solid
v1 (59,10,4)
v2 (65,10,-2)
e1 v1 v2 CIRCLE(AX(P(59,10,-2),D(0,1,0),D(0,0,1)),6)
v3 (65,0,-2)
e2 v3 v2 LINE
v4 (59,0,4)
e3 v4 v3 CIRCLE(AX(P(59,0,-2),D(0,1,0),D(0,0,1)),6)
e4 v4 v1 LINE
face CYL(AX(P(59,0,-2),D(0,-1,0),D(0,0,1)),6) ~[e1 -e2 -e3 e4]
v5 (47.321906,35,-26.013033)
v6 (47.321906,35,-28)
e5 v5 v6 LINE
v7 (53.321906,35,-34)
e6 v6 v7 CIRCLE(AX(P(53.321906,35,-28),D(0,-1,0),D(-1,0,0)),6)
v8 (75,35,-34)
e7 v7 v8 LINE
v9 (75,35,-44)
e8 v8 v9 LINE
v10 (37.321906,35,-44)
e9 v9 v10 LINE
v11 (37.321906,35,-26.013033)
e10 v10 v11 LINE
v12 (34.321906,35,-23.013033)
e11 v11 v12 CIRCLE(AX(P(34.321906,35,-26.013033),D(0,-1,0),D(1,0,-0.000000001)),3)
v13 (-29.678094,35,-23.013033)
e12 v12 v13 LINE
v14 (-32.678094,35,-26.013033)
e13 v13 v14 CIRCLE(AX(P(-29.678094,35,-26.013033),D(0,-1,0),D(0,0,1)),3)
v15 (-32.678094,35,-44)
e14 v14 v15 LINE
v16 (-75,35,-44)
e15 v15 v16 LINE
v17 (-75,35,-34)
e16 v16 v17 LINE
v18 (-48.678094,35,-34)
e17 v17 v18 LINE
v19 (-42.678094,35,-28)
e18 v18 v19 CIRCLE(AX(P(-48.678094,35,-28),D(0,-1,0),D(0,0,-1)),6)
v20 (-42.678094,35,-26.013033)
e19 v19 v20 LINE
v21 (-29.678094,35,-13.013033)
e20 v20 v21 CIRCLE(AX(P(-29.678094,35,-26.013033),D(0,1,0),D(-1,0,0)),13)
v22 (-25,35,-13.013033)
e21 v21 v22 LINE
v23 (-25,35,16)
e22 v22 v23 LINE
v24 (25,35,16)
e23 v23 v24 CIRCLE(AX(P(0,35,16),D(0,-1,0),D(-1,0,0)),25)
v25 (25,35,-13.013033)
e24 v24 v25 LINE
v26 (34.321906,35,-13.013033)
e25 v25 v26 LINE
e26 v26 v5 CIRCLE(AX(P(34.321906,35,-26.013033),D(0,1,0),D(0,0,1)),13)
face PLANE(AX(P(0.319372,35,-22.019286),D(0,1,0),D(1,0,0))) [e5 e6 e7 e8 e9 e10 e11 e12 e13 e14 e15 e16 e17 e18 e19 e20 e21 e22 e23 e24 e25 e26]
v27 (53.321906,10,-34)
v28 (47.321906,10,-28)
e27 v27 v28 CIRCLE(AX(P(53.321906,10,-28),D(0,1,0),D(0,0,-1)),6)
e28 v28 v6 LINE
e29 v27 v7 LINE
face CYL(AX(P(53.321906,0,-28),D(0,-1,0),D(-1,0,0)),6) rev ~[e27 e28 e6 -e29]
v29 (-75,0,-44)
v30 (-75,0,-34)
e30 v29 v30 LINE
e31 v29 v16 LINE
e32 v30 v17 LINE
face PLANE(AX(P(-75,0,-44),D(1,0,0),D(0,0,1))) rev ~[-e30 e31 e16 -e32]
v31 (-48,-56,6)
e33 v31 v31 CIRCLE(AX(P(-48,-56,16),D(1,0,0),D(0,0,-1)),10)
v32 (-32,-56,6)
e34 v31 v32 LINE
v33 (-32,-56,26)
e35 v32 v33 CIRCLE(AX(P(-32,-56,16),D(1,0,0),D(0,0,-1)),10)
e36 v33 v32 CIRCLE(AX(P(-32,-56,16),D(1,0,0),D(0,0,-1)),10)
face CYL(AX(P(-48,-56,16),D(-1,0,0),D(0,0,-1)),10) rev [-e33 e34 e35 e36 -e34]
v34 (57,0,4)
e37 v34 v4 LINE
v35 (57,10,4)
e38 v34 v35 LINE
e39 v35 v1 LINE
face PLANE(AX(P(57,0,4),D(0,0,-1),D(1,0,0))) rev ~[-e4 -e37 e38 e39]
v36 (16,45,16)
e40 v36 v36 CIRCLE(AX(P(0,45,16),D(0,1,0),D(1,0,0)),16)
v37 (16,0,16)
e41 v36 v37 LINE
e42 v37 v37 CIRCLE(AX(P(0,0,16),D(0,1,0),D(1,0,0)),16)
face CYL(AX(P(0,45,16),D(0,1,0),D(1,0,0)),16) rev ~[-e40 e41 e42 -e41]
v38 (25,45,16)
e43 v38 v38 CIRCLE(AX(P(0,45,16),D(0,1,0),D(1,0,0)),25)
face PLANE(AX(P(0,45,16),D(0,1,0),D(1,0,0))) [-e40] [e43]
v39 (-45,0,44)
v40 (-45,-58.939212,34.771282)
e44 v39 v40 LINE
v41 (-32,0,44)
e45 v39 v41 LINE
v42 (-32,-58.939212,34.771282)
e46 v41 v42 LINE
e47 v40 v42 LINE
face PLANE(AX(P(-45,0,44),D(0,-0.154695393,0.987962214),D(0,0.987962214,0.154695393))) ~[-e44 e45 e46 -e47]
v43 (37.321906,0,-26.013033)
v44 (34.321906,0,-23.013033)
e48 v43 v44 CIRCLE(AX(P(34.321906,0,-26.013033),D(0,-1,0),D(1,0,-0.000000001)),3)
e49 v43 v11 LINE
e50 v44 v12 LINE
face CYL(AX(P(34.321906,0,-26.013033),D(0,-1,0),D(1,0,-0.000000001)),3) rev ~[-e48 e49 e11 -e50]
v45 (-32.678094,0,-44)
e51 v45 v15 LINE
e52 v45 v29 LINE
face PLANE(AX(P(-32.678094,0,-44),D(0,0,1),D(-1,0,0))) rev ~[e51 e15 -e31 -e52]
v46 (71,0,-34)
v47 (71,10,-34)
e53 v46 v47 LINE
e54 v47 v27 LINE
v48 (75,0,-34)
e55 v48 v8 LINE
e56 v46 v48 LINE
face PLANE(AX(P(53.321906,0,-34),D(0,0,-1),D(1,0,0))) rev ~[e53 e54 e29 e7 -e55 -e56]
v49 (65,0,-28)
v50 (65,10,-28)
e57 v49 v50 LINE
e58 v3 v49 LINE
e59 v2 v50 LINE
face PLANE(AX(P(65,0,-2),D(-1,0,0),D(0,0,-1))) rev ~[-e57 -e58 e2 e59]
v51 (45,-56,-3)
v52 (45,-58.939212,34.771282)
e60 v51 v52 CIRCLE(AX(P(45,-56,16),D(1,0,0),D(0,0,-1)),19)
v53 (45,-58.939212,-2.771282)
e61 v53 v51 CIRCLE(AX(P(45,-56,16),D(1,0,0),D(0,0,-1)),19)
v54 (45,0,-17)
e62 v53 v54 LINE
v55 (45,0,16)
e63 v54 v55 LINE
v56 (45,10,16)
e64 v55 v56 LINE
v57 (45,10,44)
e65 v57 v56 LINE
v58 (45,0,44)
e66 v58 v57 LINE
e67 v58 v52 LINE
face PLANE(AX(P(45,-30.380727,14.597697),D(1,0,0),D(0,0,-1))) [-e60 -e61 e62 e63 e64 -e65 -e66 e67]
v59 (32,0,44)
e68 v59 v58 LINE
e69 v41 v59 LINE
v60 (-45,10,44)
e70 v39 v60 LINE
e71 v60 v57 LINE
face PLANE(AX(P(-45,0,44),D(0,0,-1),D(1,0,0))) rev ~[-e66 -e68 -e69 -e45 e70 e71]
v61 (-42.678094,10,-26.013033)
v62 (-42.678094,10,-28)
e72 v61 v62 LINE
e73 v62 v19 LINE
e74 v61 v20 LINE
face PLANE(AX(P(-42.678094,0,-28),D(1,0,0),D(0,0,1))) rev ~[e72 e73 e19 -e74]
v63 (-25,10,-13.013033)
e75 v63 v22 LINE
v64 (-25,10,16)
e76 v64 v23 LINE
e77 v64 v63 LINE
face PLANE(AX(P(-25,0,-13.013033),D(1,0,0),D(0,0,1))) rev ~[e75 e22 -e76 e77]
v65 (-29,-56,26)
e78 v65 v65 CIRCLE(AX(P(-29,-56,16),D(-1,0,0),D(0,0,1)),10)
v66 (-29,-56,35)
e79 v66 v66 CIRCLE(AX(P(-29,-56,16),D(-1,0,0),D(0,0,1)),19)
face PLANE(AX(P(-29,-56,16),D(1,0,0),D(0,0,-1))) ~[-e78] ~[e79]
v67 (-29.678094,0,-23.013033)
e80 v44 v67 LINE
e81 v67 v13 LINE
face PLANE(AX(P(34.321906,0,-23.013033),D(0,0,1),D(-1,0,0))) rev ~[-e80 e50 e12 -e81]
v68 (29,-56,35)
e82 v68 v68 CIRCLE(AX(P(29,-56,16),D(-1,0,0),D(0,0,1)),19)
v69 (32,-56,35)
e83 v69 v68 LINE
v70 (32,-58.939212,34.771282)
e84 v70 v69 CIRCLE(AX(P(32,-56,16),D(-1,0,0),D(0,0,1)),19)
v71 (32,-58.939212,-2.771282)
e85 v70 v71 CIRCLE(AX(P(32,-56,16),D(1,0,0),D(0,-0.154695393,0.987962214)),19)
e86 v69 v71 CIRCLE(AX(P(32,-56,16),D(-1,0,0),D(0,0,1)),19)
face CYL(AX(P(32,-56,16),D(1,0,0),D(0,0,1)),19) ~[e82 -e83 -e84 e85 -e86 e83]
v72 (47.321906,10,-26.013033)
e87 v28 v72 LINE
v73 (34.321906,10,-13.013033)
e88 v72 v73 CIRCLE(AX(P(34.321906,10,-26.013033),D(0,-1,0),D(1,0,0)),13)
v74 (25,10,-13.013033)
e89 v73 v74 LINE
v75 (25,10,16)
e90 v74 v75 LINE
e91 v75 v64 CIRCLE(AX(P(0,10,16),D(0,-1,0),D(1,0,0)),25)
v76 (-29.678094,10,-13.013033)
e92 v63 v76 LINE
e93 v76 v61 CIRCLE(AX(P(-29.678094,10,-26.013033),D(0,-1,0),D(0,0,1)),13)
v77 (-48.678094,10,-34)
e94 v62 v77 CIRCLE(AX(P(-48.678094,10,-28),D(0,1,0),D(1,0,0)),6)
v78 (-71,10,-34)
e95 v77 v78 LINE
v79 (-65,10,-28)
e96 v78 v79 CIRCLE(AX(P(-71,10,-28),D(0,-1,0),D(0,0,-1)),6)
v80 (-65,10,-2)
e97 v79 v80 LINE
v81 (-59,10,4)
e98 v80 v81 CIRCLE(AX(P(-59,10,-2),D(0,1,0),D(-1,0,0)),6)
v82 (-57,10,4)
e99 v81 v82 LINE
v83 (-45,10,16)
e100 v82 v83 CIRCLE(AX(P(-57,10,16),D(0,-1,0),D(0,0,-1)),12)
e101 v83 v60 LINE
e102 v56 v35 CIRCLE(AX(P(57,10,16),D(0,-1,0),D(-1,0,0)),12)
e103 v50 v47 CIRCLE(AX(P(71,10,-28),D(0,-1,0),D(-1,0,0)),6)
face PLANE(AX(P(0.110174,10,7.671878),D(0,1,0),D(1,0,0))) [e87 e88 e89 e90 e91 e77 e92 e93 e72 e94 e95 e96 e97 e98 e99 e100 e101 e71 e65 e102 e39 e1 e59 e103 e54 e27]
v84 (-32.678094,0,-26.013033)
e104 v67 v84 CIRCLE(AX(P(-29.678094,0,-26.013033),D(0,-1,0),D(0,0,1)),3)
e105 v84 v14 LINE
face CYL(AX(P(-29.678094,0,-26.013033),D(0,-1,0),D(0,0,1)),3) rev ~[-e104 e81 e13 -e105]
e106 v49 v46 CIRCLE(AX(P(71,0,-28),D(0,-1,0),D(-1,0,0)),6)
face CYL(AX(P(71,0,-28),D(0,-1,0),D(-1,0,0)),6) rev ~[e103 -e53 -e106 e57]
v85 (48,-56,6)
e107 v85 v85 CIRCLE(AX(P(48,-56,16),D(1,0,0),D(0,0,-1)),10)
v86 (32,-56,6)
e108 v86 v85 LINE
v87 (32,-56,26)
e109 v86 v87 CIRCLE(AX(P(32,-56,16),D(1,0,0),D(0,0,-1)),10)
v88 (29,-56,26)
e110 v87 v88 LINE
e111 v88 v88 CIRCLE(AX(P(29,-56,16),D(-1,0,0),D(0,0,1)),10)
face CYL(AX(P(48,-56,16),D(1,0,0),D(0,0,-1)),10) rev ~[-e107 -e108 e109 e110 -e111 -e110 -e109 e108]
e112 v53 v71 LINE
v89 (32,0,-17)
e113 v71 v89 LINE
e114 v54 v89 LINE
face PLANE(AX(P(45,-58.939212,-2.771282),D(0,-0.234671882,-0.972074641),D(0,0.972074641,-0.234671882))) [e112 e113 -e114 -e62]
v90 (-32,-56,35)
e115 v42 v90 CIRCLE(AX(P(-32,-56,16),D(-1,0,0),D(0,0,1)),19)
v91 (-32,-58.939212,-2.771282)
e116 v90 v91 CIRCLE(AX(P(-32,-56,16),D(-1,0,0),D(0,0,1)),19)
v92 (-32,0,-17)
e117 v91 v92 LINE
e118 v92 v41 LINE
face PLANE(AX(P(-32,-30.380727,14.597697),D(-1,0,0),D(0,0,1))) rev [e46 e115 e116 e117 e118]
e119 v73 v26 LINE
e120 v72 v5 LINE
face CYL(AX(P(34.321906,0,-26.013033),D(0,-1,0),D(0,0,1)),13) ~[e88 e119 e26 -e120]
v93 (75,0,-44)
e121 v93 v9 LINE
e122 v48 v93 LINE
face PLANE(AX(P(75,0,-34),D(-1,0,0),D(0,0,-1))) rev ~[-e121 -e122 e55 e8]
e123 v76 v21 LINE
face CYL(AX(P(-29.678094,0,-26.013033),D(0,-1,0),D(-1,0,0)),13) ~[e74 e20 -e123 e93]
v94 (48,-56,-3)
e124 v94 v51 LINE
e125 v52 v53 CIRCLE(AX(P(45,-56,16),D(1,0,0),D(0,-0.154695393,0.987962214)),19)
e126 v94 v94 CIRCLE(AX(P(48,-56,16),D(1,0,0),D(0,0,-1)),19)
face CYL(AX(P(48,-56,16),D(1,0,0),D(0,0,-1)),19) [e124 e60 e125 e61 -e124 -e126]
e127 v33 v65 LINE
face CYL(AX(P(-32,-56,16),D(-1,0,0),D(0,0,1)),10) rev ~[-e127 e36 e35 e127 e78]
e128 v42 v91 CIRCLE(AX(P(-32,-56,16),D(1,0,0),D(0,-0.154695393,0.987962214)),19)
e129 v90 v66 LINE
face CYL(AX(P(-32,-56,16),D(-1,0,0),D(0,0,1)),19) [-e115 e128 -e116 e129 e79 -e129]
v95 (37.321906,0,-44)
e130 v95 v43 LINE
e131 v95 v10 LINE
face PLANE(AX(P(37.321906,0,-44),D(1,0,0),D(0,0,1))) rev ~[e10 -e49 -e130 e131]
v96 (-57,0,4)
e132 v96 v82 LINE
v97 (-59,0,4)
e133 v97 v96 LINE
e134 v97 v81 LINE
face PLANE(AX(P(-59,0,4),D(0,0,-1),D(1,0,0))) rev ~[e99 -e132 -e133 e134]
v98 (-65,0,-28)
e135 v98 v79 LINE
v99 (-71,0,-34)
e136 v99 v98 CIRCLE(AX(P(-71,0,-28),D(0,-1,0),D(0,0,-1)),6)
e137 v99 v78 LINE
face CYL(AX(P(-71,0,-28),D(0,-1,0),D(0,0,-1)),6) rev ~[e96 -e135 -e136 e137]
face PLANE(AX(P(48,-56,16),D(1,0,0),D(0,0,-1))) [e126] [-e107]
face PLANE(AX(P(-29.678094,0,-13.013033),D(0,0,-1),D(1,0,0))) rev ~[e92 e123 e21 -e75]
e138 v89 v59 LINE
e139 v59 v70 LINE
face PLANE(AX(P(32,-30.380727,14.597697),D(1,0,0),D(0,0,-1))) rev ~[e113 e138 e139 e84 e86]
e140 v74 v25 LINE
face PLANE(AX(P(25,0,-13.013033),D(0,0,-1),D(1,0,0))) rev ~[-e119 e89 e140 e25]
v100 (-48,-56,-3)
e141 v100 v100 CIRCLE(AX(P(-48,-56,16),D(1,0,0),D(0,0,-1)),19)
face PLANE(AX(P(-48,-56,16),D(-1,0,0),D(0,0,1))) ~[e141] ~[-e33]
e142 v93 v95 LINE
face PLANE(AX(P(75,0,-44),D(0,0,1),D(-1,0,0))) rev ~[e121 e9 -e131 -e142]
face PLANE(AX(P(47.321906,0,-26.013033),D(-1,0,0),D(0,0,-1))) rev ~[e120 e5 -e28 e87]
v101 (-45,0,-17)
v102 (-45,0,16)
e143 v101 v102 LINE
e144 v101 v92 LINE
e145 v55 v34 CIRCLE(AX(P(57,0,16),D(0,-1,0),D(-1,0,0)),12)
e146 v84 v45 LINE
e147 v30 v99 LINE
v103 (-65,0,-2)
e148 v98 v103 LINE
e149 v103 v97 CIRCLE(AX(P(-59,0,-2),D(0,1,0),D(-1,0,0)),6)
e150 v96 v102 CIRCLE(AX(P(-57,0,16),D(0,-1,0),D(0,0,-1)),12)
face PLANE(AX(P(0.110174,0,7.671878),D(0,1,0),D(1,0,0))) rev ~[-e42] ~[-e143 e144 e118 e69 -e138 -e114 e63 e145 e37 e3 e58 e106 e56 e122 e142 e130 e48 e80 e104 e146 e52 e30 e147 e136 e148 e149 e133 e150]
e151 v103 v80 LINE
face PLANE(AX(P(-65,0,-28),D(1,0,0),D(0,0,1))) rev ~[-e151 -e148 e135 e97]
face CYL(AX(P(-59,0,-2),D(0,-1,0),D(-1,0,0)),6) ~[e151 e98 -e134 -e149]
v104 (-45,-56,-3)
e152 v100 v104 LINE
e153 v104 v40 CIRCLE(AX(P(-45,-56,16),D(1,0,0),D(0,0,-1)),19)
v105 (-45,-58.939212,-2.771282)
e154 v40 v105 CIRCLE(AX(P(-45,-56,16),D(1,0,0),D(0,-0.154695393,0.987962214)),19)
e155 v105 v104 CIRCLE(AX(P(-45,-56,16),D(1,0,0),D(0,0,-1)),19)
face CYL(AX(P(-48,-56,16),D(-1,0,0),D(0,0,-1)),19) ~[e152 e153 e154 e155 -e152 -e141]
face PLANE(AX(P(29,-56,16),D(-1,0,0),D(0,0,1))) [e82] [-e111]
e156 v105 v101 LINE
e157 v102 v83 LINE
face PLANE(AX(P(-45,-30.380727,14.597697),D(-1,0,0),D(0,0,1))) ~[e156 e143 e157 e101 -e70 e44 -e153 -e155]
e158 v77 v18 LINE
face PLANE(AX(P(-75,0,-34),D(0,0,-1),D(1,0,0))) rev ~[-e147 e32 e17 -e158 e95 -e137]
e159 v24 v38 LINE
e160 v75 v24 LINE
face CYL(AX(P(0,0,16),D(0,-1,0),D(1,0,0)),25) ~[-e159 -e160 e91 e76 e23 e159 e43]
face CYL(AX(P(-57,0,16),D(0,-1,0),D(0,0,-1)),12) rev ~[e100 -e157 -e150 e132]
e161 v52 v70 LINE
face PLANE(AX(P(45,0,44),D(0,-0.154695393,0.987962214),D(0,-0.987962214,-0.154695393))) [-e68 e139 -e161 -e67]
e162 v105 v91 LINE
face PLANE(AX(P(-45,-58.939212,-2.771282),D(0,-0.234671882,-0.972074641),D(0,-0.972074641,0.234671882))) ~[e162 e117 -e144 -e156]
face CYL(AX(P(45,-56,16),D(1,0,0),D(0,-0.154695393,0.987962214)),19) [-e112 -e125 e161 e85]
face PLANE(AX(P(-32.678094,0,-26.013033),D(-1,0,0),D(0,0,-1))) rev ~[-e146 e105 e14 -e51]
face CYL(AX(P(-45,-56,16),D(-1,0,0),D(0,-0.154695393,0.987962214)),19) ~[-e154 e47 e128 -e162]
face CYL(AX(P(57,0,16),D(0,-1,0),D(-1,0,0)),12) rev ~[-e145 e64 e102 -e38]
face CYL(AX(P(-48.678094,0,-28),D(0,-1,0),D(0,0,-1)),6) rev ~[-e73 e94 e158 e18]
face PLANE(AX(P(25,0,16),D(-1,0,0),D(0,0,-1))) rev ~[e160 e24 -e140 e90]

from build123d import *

# Parameters (mm, degrees)
SKETCH1_R           = 25
BOSS_EXTRUDE1_DEPTH = 45
BOSS_EXTRUDE2_DEPTH = 35
BOSS_EXTRUDE3_DEPTH = 10
SKETCH2_R           = 16
CUT_EXTRUDE1_DEPTH  = 82
SKETCH3_R           = 10
BOSS_EXTRUDE6_DEPTH = 13
BOSS_EXTRUDE7_START = 3
SKETCH6_R           = 19
SKETCH6_R_2         = 10
BOSS_EXTRUDE7_DEPTH = 3
SKETCH7_R           = 19
SKETCH7_R_2         = 10
BOSS_EXTRUDE8_DEPTH = 3


with BuildPart() as part:
    # Sketch1 → Boss-Extrude1 (new body)
    with BuildSketch(Plane(origin=(0, 0, 0), x_dir=(1, 0, 0), z_dir=(0, 1, 0))):
        with Locations((0, -16)):
            Circle(SKETCH1_R)
    extrude(amount=BOSS_EXTRUDE1_DEPTH)

    # Sketch1<3> → Boss-Extrude2 (add)
    with BuildSketch(Plane(origin=(0, 0, 0), x_dir=(1, 0, 0), z_dir=(0, 1, 0))):
        with BuildLine():
            Line((-25, 13.01303268), (-25, -16))
            ThreePointArc((-25, -16), (0, 9), (25, -16))
            Line((25, -16), (25, 13.01303268))
            Line((25, 13.01303268), (34.321906288, 13.01303268))
            ThreePointArc((34.321906288, 13.01303268), (43.514294444, 16.820644525), (47.321906288, 26.01303268))
            Line((47.321906288, 26.01303268), (47.321906288, 28))
            ThreePointArc((47.321906288, 28), (49.079265601, 32.242640687), (53.321906288, 34))
            Line((53.321906288, 34), (75, 34))
            Line((75, 34), (75, 44))
            Line((75, 44), (37.321906288, 44))
            Line((37.321906288, 44), (37.321906288, 26.01303268))
            ThreePointArc((37.321906288, 26.01303268), (36.443226632, 23.891712336), (34.321906288, 23.01303268))
            Line((34.321906288, 23.01303268), (-29.678093712, 23.01303268))
            ThreePointArc((-29.678093712, 23.01303268), (-31.799414055, 23.891712336), (-32.678093712, 26.01303268))
            Line((-32.678093712, 26.01303268), (-32.678093712, 44))
            Line((-32.678093712, 44), (-75, 44))
            Line((-75, 44), (-75, 34))
            Line((-75, 34), (-48.678093712, 34))
            ThreePointArc((-48.678093712, 34), (-44.435453024, 32.242640687), (-42.678093712, 28))
            Line((-42.678093712, 28), (-42.678093712, 26.01303268))
            ThreePointArc((-42.678093712, 26.01303268), (-38.870481867, 16.820644525), (-29.678093712, 13.01303268))
            Line((-29.678093712, 13.01303268), (-25, 13.01303268))
        make_face()
    extrude(amount=BOSS_EXTRUDE2_DEPTH)

    # Sketch1<4> → Boss-Extrude3 (add)
    with BuildSketch(Plane(origin=(0, 0, 0), x_dir=(1, 0, 0), z_dir=(0, 1, 0))):
        with BuildLine():
            Line((-45, -16), (-45, -44))
            Line((-45, -44), (45, -44))
            Line((45, -44), (45, -16))
            ThreePointArc((45, -16), (48.514718626, -7.514718626), (57, -4))
            Line((57, -4), (59, -4))
            ThreePointArc((59, -4), (63.242640687, -2.242640687), (65, 2))
            Line((65, 2), (65, 28))
            ThreePointArc((65, 28), (66.757359313, 32.242640687), (71, 34))
            Line((71, 34), (53.321906288, 34))
            ThreePointArc((53.321906288, 34), (49.079265601, 32.242640687), (47.321906288, 28))
            Line((47.321906288, 28), (47.321906288, 26.01303268))
            ThreePointArc((47.321906288, 26.01303268), (43.514294444, 16.820644525), (34.321906288, 13.01303268))
            Line((34.321906288, 13.01303268), (25, 13.01303268))
            Line((25, 13.01303268), (25, -16))
            ThreePointArc((25, -16), (0, -41), (-25, -16))
            Line((-25, -16), (-25, 13.01303268))
            Line((-25, 13.01303268), (-29.678093712, 13.01303268))
            ThreePointArc((-29.678093712, 13.01303268), (-38.870481867, 16.820644525), (-42.678093712, 26.01303268))
            Line((-42.678093712, 26.01303268), (-42.678093712, 28))
            ThreePointArc((-42.678093712, 28), (-44.435453024, 32.242640687), (-48.678093712, 34))
            Line((-48.678093712, 34), (-71, 34))
            ThreePointArc((-71, 34), (-66.757359313, 32.242640687), (-65, 28))
            Line((-65, 28), (-65, 2))
            ThreePointArc((-65, 2), (-63.242640687, -2.242640687), (-59, -4))
            Line((-59, -4), (-57, -4))
            ThreePointArc((-57, -4), (-48.514718626, -7.514718626), (-45, -16))
        make_face()
    extrude(amount=BOSS_EXTRUDE3_DEPTH)

    # Sketch2 → Cut-Extrude1 (cut)
    with BuildSketch(Plane(origin=(0, 45, 0), x_dir=(1, 0, 0), z_dir=(0, 1, 0))):
        with Locations((0, -16)):
            Circle(SKETCH2_R)
    extrude(amount=-CUT_EXTRUDE1_DEPTH, mode=Mode.SUBTRACT)

    # Sketch3 → Boss-Extrude6 (add)
    with BuildSketch(Plane(origin=(45, 0, 0), x_dir=(0, 0, -1), z_dir=(1, 0, 0))):
        with BuildLine():
            Line((17, 0), (-44, 0))
            Line((-44, 0), (-34.771282059, -58.939212458))
            ThreePointArc((-34.771282059, -58.939212458), (-16, -75), (2.771282059, -58.939212458))
            Line((2.771282059, -58.939212458), (17, 0))
        make_face()
        with Locations((-16, -56)):
            Circle(SKETCH3_R, mode=Mode.SUBTRACT)
    boss_extrude6 = extrude(amount=-BOSS_EXTRUDE6_DEPTH)

    # Sketch6 → Boss-Extrude7 (add)
    with BuildSketch(Plane(origin=(45, 0, 0), x_dir=(0, 0, -1), z_dir=(1, 0, 0)).offset(BOSS_EXTRUDE7_START)):
        with Locations((-16, -56)):
            Circle(SKETCH6_R)
        with Locations((-16, -56)):
            Circle(SKETCH6_R_2, mode=Mode.SUBTRACT)
    boss_extrude7 = extrude(amount=-BOSS_EXTRUDE7_DEPTH)

    # Sketch7 → Boss-Extrude8 (add)
    with BuildSketch(Plane.ZY.offset(-32)):
        with Locations((16, -56)):
            Circle(SKETCH7_R)
        with Locations((16, -56)):
            Circle(SKETCH7_R_2, mode=Mode.SUBTRACT)
    boss_extrude8 = extrude(amount=BOSS_EXTRUDE8_DEPTH)

    # Mirror1: Boss-Extrude6, Boss-Extrude7, Boss-Extrude8 across plane
    add(boss_extrude6.mirror(Plane(origin=(0, 0, 0), x_dir=(0, 0, 1), z_dir=(1, 0, 0))))
    add(boss_extrude7.mirror(Plane(origin=(0, 0, 0), x_dir=(0, 0, 1), z_dir=(1, 0, 0))))
    add(boss_extrude8.mirror(Plane(origin=(0, 0, 0), x_dir=(0, 0, 1), z_dir=(1, 0, 0))))


solid = part.part
